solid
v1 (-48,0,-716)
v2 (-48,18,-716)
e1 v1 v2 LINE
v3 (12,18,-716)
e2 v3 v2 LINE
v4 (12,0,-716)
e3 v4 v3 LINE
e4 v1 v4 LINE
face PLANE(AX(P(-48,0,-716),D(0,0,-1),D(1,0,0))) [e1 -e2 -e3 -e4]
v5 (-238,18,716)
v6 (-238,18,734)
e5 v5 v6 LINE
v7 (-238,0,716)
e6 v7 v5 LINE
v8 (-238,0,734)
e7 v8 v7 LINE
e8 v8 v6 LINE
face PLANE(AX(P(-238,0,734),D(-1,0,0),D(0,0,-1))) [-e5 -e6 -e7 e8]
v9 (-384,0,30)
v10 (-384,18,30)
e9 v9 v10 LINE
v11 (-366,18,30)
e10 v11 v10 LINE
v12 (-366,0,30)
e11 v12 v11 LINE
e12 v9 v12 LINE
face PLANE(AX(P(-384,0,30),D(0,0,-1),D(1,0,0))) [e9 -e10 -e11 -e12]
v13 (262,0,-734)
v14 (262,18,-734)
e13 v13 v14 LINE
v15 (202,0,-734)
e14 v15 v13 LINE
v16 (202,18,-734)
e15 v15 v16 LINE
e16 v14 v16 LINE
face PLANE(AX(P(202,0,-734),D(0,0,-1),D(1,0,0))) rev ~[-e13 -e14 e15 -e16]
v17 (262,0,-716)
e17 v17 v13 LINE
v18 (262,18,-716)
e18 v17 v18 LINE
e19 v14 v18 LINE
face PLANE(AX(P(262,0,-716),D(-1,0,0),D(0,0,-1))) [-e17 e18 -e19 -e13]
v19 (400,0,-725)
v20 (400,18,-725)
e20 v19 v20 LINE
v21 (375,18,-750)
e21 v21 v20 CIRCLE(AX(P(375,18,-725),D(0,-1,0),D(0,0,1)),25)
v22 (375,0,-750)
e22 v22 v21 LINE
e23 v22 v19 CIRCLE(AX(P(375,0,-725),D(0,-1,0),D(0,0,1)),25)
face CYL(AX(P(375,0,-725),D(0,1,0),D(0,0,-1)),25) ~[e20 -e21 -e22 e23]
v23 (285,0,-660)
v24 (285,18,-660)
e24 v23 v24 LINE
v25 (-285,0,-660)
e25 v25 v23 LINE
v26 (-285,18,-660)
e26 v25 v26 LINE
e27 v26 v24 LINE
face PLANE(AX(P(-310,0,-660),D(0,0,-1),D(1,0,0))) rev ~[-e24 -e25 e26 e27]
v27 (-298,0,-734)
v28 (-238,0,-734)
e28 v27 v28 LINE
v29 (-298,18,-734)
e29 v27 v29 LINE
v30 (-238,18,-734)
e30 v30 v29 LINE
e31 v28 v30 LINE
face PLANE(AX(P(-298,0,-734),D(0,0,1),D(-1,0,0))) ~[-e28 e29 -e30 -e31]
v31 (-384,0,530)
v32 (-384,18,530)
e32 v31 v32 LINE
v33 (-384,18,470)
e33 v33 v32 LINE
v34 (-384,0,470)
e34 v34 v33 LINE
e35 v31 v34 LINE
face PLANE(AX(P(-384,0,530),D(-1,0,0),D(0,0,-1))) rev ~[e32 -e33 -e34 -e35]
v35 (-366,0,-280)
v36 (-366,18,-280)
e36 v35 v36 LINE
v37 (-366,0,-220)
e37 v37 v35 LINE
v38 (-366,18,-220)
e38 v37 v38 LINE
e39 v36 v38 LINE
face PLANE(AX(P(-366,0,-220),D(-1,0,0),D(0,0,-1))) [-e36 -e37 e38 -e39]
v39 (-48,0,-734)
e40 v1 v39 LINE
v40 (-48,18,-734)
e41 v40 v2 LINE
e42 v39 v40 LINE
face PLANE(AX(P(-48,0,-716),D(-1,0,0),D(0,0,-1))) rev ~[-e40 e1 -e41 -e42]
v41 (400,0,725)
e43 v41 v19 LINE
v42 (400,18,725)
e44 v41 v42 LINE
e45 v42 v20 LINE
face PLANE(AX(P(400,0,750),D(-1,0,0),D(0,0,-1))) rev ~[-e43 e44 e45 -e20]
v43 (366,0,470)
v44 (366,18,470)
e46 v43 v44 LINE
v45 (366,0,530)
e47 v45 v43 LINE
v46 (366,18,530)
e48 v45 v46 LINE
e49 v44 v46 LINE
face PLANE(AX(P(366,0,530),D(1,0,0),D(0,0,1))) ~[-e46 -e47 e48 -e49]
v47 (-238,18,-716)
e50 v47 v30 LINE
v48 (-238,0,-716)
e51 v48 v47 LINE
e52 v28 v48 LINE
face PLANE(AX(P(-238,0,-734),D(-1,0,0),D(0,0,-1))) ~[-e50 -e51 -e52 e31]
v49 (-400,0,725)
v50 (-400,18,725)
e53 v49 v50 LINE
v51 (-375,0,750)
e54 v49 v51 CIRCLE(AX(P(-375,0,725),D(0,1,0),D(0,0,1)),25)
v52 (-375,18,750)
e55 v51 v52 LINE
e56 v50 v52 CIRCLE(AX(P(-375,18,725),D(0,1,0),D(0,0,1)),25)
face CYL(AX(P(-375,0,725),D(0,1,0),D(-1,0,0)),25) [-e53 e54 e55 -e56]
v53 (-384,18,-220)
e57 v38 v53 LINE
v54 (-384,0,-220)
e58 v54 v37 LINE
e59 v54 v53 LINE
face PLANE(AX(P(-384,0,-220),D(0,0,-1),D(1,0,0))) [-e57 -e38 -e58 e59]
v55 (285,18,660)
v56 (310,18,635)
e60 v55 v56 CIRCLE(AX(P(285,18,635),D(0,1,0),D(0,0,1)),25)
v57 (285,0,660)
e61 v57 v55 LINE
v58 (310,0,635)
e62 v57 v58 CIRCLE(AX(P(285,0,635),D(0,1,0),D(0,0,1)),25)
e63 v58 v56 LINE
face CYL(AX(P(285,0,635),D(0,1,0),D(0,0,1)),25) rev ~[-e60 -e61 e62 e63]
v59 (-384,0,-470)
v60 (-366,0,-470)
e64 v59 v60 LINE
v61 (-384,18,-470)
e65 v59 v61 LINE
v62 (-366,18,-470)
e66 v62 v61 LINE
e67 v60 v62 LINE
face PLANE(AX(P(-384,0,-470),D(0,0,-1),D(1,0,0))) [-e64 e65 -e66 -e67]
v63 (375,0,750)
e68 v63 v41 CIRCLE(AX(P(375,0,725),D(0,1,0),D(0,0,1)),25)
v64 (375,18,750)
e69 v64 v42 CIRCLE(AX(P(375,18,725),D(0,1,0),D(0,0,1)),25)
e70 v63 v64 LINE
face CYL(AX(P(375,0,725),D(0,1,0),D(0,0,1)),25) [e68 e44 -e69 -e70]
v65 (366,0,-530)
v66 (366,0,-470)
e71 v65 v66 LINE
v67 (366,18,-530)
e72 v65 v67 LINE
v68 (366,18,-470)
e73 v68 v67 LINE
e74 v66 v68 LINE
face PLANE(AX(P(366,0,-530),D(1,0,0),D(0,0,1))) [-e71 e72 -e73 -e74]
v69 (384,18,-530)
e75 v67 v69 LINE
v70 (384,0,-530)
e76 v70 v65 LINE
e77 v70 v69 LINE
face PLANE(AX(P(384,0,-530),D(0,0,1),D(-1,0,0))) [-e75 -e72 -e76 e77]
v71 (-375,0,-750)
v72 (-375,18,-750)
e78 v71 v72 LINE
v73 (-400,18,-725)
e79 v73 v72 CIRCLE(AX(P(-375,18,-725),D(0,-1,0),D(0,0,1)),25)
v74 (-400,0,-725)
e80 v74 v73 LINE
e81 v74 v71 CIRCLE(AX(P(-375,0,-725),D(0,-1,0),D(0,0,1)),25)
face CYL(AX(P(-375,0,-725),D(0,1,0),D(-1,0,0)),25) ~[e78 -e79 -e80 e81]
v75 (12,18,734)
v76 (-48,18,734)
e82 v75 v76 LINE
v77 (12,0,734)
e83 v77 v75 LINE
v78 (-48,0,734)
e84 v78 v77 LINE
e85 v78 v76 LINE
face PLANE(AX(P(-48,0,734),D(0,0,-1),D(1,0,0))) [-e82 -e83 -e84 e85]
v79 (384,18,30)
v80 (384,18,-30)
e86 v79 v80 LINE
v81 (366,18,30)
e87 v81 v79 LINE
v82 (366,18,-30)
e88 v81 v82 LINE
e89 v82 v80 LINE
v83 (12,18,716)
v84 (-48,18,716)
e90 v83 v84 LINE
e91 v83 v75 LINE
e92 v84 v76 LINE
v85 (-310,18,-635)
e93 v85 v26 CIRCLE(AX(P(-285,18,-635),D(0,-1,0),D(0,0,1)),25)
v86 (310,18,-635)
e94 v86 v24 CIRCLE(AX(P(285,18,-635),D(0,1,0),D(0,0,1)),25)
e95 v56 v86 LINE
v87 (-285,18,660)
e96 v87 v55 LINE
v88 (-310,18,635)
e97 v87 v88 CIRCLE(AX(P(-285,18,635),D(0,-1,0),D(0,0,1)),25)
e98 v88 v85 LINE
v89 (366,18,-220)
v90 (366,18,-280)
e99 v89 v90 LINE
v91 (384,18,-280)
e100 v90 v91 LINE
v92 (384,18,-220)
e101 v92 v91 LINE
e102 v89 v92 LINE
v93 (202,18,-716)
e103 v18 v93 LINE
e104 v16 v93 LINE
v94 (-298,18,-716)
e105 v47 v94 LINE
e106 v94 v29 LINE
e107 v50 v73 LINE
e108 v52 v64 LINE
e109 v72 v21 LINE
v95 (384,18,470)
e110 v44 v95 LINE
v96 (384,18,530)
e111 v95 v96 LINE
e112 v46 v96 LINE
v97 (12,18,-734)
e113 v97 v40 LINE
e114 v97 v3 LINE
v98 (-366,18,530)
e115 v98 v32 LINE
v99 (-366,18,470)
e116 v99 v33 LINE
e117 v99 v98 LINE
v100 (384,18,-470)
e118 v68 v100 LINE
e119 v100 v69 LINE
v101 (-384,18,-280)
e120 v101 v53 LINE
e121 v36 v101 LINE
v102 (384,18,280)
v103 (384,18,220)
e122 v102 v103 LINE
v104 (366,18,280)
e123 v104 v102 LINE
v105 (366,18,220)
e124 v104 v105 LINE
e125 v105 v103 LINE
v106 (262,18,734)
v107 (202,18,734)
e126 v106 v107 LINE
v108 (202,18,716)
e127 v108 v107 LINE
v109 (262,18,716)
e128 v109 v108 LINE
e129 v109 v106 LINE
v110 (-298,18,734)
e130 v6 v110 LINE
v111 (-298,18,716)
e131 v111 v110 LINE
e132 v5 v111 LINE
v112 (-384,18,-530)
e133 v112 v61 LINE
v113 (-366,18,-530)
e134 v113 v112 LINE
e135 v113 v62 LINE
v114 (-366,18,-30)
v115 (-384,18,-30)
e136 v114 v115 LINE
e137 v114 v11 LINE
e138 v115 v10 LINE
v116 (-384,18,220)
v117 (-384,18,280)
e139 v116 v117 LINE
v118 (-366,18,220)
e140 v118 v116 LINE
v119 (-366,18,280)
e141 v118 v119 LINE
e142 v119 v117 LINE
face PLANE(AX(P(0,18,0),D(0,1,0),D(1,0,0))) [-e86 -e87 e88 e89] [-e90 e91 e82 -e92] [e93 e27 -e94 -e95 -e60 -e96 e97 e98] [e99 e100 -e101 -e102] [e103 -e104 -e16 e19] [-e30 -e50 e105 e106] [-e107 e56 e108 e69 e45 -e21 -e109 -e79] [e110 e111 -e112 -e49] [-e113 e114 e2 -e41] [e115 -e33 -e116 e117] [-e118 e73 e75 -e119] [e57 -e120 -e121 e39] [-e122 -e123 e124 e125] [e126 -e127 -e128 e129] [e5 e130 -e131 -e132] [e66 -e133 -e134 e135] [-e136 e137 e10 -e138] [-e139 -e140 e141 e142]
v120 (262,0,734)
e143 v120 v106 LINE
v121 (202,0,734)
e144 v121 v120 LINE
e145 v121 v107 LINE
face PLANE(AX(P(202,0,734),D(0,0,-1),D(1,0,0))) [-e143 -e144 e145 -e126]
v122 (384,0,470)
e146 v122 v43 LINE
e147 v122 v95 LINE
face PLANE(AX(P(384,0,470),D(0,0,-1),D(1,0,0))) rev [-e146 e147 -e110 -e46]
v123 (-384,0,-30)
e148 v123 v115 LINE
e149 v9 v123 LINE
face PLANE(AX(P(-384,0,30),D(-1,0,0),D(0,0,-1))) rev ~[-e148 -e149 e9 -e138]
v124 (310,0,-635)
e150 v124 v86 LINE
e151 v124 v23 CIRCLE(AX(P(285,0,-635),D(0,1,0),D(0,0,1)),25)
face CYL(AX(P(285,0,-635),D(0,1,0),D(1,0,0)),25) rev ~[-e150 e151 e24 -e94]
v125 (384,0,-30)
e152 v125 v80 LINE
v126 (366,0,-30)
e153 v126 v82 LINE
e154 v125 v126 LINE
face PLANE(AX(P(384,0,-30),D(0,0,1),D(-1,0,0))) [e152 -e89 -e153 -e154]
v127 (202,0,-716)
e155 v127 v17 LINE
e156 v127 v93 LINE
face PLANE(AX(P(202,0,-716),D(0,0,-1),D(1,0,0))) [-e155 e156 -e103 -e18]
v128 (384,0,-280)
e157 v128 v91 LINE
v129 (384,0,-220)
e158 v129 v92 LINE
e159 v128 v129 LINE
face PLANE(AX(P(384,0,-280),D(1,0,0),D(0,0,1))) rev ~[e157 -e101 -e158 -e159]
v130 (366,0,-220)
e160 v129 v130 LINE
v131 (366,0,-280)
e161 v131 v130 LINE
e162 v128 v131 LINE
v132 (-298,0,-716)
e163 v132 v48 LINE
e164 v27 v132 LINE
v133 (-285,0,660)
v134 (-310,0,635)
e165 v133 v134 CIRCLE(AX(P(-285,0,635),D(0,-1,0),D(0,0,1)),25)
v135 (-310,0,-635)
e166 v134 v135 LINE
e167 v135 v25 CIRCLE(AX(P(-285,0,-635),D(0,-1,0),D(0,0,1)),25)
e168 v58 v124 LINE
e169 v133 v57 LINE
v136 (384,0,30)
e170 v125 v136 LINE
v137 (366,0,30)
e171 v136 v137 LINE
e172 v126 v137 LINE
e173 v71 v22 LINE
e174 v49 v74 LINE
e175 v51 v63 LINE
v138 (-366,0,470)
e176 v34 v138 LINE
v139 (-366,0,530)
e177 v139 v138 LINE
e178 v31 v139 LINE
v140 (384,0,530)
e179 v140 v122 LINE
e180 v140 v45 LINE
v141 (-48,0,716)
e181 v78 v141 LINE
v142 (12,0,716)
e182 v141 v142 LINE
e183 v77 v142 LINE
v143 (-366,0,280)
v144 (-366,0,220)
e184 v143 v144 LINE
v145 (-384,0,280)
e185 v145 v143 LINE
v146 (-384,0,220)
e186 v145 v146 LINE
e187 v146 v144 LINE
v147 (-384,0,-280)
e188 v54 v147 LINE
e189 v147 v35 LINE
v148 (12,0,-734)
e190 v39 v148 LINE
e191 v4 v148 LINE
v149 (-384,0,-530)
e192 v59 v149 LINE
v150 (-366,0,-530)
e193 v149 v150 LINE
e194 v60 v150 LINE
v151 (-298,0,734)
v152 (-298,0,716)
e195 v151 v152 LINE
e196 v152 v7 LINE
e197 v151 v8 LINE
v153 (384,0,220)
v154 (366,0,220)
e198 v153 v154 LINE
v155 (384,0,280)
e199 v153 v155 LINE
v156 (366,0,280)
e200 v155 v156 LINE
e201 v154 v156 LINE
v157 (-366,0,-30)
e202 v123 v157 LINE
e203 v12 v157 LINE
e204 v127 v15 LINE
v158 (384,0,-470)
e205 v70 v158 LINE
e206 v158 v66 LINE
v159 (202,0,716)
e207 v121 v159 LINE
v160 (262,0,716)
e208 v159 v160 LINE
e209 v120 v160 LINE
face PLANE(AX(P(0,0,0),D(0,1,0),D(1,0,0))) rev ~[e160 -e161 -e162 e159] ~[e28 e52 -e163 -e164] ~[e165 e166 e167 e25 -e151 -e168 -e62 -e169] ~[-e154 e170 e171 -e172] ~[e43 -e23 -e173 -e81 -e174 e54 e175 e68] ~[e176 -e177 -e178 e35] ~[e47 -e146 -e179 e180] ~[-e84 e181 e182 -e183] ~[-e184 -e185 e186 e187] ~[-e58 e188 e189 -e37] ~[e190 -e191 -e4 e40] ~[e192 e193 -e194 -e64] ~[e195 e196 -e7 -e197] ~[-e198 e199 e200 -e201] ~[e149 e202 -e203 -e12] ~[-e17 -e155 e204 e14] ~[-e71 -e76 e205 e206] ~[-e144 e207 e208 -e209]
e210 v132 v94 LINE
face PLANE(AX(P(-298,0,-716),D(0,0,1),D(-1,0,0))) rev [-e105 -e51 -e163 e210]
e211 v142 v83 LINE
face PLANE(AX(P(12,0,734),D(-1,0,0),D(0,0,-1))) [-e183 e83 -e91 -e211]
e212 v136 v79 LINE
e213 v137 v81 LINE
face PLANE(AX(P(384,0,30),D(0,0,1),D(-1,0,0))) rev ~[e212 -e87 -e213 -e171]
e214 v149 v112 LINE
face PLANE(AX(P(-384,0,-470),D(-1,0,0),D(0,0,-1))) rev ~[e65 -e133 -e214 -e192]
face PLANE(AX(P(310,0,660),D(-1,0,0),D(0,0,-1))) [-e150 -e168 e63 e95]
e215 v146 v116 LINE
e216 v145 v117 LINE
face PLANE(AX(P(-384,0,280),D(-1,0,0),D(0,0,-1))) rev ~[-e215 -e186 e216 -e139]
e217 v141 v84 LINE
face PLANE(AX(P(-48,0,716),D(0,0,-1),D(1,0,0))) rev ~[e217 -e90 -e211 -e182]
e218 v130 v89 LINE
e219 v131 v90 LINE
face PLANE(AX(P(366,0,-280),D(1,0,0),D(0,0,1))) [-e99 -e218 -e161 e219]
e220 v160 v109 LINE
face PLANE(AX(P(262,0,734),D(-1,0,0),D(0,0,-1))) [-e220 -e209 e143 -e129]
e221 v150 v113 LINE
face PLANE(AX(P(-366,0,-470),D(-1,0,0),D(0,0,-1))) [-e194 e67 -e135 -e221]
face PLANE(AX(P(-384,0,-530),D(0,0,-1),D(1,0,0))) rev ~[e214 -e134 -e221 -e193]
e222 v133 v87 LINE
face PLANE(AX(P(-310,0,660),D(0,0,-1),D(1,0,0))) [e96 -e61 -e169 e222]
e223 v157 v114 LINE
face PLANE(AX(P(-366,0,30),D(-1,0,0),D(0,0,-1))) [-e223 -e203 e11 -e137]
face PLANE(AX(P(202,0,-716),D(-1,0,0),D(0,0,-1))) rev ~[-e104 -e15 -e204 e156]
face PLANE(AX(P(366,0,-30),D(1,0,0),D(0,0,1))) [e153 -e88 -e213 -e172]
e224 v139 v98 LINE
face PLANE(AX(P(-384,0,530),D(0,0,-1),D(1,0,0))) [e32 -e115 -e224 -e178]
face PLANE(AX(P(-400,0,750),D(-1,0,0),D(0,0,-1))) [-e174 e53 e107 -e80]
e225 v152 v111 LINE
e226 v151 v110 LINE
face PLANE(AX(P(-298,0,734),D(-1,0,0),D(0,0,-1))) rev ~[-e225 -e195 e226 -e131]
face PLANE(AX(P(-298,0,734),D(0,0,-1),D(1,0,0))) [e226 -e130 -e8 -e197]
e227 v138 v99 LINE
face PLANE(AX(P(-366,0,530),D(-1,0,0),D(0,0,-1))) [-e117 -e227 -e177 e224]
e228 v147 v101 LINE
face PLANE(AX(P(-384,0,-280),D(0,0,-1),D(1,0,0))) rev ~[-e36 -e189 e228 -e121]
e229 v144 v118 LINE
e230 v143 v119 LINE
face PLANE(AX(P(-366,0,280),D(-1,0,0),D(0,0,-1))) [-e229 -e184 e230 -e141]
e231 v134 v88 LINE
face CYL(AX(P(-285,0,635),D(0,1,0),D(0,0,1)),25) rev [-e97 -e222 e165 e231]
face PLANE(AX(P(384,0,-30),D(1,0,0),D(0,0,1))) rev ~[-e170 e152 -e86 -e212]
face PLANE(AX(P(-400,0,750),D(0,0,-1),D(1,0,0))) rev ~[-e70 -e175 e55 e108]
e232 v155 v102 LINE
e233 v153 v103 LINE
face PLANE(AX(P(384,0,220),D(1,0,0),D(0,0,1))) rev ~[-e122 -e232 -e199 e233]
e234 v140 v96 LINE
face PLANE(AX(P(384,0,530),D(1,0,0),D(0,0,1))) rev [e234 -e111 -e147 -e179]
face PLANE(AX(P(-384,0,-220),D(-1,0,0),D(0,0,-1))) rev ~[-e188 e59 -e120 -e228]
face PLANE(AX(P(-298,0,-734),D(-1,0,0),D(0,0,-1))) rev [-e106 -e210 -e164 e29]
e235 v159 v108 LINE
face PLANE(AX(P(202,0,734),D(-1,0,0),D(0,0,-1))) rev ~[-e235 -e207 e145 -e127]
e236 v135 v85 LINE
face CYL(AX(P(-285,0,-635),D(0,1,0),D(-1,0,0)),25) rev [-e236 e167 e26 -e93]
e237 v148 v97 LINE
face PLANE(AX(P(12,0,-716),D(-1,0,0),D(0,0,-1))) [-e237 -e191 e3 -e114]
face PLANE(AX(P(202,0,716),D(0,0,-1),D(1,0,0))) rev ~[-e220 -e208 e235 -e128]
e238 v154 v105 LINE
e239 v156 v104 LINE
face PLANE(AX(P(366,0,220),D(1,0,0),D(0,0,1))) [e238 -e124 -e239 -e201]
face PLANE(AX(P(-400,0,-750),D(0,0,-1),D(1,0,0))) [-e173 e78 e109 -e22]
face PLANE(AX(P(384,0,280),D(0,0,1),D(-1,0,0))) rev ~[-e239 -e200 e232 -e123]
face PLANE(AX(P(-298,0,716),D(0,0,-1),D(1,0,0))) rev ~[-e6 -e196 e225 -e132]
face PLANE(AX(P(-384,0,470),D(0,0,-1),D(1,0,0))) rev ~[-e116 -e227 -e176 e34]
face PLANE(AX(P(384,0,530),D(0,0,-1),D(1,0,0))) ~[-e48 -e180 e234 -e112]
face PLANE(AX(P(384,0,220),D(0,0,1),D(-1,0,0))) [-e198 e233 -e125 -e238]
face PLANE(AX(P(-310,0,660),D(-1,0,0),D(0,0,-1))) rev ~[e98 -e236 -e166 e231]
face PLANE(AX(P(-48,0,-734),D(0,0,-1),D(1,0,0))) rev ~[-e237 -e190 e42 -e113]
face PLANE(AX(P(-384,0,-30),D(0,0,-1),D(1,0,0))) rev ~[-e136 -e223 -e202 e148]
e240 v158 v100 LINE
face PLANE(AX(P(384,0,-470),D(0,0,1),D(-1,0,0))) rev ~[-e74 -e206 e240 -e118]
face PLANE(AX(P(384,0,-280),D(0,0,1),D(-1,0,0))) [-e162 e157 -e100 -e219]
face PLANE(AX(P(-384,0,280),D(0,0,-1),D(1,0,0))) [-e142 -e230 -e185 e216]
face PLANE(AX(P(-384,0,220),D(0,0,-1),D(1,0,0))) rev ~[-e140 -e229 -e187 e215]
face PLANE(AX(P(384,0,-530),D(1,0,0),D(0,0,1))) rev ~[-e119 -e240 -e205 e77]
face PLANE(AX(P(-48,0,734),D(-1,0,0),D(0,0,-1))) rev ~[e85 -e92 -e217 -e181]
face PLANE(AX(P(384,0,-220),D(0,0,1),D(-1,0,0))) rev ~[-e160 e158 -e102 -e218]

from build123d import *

# Parameters (mm, degrees)
SKETCH_1_W               = 800
SKETCH_1_H               = 1500
SKETCH_1_W_2             = 620
SKETCH_1_H_2             = 1320
EXTRUDE_1_DEPTH          = 18
SKETCH_1_5_W             = 18
SKETCH_1_5_H             = 60
CUT_EXTRUDE_1_DEPTH      = 851.190566873
PATTERN_LINEAR_1_COUNT   = 5
PATTERN_LINEAR_1_PITCH   = 250
MIRROR_1_COPY_1_SKETCH_W = 18
MIRROR_1_COPY_1_SKETCH_H = 60
MIRROR_1_COPY_1_DEPTH    = 851.190566873
MIRROR_1_COPY_2_SKETCH_W = 18
MIRROR_1_COPY_2_SKETCH_H = 60
MIRROR_1_COPY_2_DEPTH    = 851.190566873
MIRROR_1_COPY_3_SKETCH_W = 18
MIRROR_1_COPY_3_SKETCH_H = 60
MIRROR_1_COPY_3_DEPTH    = 851.190566873
MIRROR_1_COPY_4_SKETCH_W = 18
MIRROR_1_COPY_4_SKETCH_H = 60
MIRROR_1_COPY_4_DEPTH    = 851.190566873
SKETCH_1_4_W             = 60
SKETCH_1_4_H             = 18
CUT_EXTRUDE_2_DEPTH      = 851.190566873
PATTERN_LINEAR_2_COUNT   = 3
PATTERN_LINEAR_2_PITCH   = 250
MIRROR_2_COPY_1_SKETCH_W = 60
MIRROR_2_COPY_1_SKETCH_H = 18
MIRROR_2_COPY_1_DEPTH    = 851.190566873
MIRROR_2_COPY_2_SKETCH_W = 60
MIRROR_2_COPY_2_SKETCH_H = 18
MIRROR_2_COPY_2_DEPTH    = 851.190566873
FILLET_1_R               = 25
FILLET_2_R               = 25


with BuildPart() as part:
    # 草图1 → 凸台-拉伸1 (new body)
    with BuildSketch(Plane(origin=(0, 0, 0), x_dir=(1, 0, 0), z_dir=(0, 1, 0))):
        Rectangle(SKETCH_1_W, SKETCH_1_H)
        Rectangle(SKETCH_1_W_2, SKETCH_1_H_2, mode=Mode.SUBTRACT)
    extrude(amount=EXTRUDE_1_DEPTH)

    # 草图1<5> → 切除-拉伸1 (cut, through all)
    with BuildSketch(Plane(origin=(0, 0, 0), x_dir=(1, 0, 0), z_dir=(0, 1, 0))):
        with Locations((-375, -500)):
            Rectangle(SKETCH_1_5_W, SKETCH_1_5_H)
    cut_extrude_1 = extrude(amount=CUT_EXTRUDE_1_DEPTH, mode=Mode.SUBTRACT)

    # 阵列(线性)1: 切除-拉伸1 ×5
    with Locations(*[(0, 0, -i * PATTERN_LINEAR_1_PITCH) for i in range(1, PATTERN_LINEAR_1_COUNT)]):
        add(cut_extrude_1, mode=Mode.SUBTRACT)

    # 镜向1: 切除-拉伸1 across plane
    add(cut_extrude_1.mirror(Plane(origin=(0, 0, 0), x_dir=(0, 0, 1), z_dir=(1, 0, 0))), mode=Mode.SUBTRACT)

    # 镜向1 copy 1 sketch → 镜向1 copy 1 (cut, through all)
    with BuildSketch(Plane(origin=(0, 0, -250), x_dir=(-1, 0, 0), z_dir=(0, 1, 0))):
        with Locations((-375, 500)):
            Rectangle(MIRROR_1_COPY_1_SKETCH_W, MIRROR_1_COPY_1_SKETCH_H)
    extrude(amount=MIRROR_1_COPY_1_DEPTH, mode=Mode.SUBTRACT)

    # 镜向1 copy 2 sketch → 镜向1 copy 2 (cut, through all)
    with BuildSketch(Plane(origin=(0, 0, -500), x_dir=(-1, 0, 0), z_dir=(0, 1, 0))):
        with Locations((-375, 500)):
            Rectangle(MIRROR_1_COPY_2_SKETCH_W, MIRROR_1_COPY_2_SKETCH_H)
    extrude(amount=MIRROR_1_COPY_2_DEPTH, mode=Mode.SUBTRACT)

    # 镜向1 copy 3 sketch → 镜向1 copy 3 (cut, through all)
    with BuildSketch(Plane(origin=(0, 0, -750), x_dir=(-1, 0, 0), z_dir=(0, 1, 0))):
        with Locations((-375, 500)):
            Rectangle(MIRROR_1_COPY_3_SKETCH_W, MIRROR_1_COPY_3_SKETCH_H)
    extrude(amount=MIRROR_1_COPY_3_DEPTH, mode=Mode.SUBTRACT)

    # 镜向1 copy 4 sketch → 镜向1 copy 4 (cut, through all)
    with BuildSketch(Plane(origin=(0, 0, -1000), x_dir=(-1, 0, 0), z_dir=(0, 1, 0))):
        with Locations((-375, 500)):
            Rectangle(MIRROR_1_COPY_4_SKETCH_W, MIRROR_1_COPY_4_SKETCH_H)
    extrude(amount=MIRROR_1_COPY_4_DEPTH, mode=Mode.SUBTRACT)

    # 草图1<4> → 切除-拉伸2 (cut, through all)
    with BuildSketch(Plane(origin=(0, 0, 0), x_dir=(1, 0, 0), z_dir=(0, 1, 0))):
        with Locations((-268, -725)):
            Rectangle(SKETCH_1_4_W, SKETCH_1_4_H)
    cut_extrude_2 = extrude(amount=CUT_EXTRUDE_2_DEPTH, mode=Mode.SUBTRACT)

    # 阵列(线性)2: 切除-拉伸2 ×3
    with Locations(*[(i * PATTERN_LINEAR_2_PITCH, 0, 0) for i in range(1, PATTERN_LINEAR_2_COUNT)]):
        add(cut_extrude_2, mode=Mode.SUBTRACT)

    # 镜向2: 切除-拉伸2 across plane
    add(cut_extrude_2.mirror(Plane.XY), mode=Mode.SUBTRACT)

    # 镜向2 copy 1 sketch → 镜向2 copy 1 (cut, through all)
    with BuildSketch(Plane(origin=(250, 0, 0), x_dir=(1, 0, 0), z_dir=(0, 1, 0))):
        with Locations((-268, 725)):
            Rectangle(MIRROR_2_COPY_1_SKETCH_W, MIRROR_2_COPY_1_SKETCH_H)
    extrude(amount=MIRROR_2_COPY_1_DEPTH, mode=Mode.SUBTRACT)

    # 镜向2 copy 2 sketch → 镜向2 copy 2 (cut, through all)
    with BuildSketch(Plane(origin=(500, 0, 0), x_dir=(1, 0, 0), z_dir=(0, 1, 0))):
        with Locations((-268, 725)):
            Rectangle(MIRROR_2_COPY_2_SKETCH_W, MIRROR_2_COPY_2_SKETCH_H)
    extrude(amount=MIRROR_2_COPY_2_DEPTH, mode=Mode.SUBTRACT)

    # 圆角1
    fillet_1_edges = [part.edges().sort_by_distance(p)[0] for p in [
        (-400, 9, -750),
        (-400, 9, 750),
        (400, 9, 750),
        (400, 9, -750),
    ]]
    fillet(fillet_1_edges, radius=FILLET_1_R)

    # 圆角2
    fillet_2_edges = [part.edges().sort_by_distance(p)[0] for p in [
        (310, 9, -660),
        (-310, 9, -660),
        (-310, 9, 660),
        (310, 9, 660),
    ]]
    fillet(fillet_2_edges, radius=FILLET_2_R)


solid = part.part
